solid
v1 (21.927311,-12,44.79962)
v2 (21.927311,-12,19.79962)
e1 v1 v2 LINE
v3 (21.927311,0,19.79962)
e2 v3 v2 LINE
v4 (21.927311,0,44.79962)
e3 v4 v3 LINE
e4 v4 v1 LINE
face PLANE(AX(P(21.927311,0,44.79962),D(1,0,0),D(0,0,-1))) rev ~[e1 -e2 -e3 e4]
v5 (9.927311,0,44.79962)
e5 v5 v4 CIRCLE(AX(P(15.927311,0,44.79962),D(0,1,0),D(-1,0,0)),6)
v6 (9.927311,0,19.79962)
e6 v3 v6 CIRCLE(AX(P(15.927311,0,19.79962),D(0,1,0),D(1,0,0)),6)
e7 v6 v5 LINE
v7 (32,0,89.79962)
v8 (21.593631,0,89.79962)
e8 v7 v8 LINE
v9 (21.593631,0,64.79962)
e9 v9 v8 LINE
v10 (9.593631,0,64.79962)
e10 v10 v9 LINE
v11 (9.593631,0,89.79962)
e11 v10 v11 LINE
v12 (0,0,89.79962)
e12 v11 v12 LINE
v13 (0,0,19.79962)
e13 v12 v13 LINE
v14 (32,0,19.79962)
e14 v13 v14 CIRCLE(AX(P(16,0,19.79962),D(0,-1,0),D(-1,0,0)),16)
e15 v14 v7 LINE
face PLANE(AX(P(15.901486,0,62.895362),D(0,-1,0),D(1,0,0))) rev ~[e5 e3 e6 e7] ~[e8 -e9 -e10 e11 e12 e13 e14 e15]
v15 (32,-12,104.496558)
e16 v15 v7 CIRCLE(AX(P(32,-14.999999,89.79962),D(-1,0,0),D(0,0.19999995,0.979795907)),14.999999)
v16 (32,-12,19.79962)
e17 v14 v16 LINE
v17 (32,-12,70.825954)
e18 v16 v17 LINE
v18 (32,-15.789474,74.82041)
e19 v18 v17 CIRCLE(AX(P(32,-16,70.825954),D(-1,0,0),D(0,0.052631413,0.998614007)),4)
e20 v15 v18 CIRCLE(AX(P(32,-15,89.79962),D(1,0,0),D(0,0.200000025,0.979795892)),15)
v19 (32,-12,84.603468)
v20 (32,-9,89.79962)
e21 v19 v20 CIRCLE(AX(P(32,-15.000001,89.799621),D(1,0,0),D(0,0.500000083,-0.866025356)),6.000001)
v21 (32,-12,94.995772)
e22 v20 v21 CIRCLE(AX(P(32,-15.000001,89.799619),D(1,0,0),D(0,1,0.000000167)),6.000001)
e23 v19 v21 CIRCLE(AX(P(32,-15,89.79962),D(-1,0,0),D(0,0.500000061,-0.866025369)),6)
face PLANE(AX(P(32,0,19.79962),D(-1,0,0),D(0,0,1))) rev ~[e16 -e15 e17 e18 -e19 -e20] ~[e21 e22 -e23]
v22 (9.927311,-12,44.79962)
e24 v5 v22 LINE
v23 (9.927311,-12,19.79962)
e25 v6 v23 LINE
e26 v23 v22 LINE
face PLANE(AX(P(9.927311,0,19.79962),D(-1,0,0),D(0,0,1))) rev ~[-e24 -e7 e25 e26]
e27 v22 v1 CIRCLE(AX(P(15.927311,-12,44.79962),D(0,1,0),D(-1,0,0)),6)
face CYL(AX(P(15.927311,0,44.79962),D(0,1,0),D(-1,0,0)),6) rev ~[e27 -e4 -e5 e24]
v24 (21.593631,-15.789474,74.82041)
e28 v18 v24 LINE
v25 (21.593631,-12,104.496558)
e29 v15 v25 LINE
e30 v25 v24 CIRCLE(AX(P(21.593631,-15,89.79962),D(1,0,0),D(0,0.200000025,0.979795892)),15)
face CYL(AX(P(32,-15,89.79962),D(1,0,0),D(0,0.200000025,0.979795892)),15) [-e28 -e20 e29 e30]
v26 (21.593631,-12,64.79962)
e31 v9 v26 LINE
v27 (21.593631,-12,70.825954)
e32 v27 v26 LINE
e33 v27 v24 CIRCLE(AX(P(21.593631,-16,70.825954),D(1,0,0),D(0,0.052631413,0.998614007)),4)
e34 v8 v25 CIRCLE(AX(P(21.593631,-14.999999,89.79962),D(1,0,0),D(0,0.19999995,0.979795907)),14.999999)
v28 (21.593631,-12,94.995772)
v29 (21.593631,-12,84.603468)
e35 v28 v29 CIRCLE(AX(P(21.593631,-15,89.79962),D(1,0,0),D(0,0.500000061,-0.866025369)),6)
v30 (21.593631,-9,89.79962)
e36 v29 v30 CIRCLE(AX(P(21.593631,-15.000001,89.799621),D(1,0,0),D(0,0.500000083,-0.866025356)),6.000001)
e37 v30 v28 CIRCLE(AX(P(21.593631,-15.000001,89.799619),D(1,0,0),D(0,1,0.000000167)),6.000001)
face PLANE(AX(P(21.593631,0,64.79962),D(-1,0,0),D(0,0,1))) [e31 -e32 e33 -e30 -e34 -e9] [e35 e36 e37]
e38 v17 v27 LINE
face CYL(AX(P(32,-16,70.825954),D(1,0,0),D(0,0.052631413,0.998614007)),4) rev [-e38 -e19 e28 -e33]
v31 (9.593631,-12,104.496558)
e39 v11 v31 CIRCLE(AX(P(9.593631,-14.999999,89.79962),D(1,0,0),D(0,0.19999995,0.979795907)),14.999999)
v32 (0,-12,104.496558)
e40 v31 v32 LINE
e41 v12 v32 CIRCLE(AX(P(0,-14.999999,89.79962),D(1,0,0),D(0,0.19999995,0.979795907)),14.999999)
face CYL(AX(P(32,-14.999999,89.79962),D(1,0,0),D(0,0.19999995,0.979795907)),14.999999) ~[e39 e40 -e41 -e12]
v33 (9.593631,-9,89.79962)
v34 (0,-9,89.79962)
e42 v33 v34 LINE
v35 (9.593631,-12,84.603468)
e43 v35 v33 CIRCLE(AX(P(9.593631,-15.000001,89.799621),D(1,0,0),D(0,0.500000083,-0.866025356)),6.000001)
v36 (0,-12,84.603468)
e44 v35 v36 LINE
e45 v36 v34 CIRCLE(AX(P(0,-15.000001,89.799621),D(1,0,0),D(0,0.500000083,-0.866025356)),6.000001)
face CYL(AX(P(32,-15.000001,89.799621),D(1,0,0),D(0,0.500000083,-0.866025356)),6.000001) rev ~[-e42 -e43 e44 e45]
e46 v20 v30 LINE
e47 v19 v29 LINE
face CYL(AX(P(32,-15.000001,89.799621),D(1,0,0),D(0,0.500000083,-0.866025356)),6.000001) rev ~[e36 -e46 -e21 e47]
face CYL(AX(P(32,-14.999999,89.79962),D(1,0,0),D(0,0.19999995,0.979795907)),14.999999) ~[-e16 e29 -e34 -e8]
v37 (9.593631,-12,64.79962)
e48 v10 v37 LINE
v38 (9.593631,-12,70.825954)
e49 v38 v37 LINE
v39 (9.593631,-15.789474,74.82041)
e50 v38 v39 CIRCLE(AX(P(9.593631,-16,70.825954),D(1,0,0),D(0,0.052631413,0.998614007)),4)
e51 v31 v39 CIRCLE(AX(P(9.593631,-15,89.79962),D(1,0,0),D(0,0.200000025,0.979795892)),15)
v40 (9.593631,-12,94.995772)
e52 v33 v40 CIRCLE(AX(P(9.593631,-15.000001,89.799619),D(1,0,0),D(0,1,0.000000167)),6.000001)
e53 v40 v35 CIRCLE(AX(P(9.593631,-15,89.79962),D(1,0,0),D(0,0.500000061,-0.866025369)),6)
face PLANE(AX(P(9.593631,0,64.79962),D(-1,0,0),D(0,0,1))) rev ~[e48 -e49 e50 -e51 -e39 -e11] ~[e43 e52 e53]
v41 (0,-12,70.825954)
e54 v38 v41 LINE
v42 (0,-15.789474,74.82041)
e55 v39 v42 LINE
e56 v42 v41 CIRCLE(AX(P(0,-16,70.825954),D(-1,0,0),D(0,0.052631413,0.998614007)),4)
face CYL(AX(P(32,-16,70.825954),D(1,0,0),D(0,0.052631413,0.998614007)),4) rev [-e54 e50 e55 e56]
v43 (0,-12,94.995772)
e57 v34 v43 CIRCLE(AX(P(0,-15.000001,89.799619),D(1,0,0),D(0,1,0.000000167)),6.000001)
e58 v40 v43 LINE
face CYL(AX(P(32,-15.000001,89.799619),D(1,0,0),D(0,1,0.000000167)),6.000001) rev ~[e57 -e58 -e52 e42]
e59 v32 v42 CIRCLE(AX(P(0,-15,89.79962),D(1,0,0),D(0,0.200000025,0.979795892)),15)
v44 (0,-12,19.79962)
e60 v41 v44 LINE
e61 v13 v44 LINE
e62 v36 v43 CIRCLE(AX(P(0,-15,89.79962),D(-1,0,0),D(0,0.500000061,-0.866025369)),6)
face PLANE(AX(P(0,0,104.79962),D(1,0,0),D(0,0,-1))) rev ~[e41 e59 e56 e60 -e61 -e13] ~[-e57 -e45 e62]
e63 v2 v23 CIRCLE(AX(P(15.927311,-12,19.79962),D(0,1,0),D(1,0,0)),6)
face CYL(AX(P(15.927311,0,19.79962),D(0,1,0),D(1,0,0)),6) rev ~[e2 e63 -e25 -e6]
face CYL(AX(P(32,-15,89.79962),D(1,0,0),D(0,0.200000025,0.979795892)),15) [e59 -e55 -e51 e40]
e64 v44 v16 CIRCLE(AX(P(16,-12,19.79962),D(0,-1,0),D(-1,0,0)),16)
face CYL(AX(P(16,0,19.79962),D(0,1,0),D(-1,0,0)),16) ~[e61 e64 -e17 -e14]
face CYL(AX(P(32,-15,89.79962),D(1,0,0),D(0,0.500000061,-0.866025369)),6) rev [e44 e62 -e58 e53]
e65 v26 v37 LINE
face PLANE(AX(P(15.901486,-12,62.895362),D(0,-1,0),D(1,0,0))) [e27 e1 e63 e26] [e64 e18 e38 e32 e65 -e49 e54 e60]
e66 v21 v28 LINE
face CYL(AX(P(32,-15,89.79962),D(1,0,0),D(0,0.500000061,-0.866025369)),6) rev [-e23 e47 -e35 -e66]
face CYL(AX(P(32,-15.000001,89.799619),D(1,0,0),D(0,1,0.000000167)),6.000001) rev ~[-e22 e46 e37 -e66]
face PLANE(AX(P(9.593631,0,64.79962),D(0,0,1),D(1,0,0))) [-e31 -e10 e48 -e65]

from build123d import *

# Parameters (mm, degrees)
F0_W     = 12
F0_H     = 40
F1_DEPTH = 12
F3_DEPTH = 32
F4_DEPTH = 32.001
F5_DEPTH = 32.001
F6_DEPTH = 30.001


with BuildPart() as f1:
    # F0 (on Front) → F1 (new body)
    with BuildSketch(Plane.XZ):
        with BuildLine():
            Line((0, 104.79962), (0, 19.79962))
            ThreePointArc((0, 19.79962), (16, 3.79962), (32, 19.79962))
            Line((32, 19.79962), (32, 104.79962))
            Line((32, 104.79962), (21.593631, 104.79962))
            Line((21.593631, 104.79962), (21.593631, 64.79962))
            Line((21.593631, 64.79962), (9.593631, 64.79962))
            Line((9.593631, 64.79962), (9.593631, 104.79962))
            Line((9.593631, 104.79962), (0, 104.79962))
        make_face()
        with BuildLine():
            Line((9.927311, 19.79962), (9.927311, 44.79962))
            ThreePointArc((9.927311, 44.79962), (15.927311, 50.79962), (21.927311, 44.79962))
            Line((21.927311, 44.79962), (21.927311, 19.79962))
            ThreePointArc((21.927311, 19.79962), (15.927311, 13.79962), (9.927311, 19.79962))
        make_face(mode=Mode.SUBTRACT)
        with Locations((15.593631, 84.79962)):
            Rectangle(F0_W, F0_H)
    extrude(amount=F1_DEPTH)

    # F2 (on face) → F3 (join)
    with BuildSketch(Plane.YZ.offset(32)):
        with BuildLine():
            Line((-12, 94.995772), (-12, 104.496558))
            ThreePointArc((-12, 104.496558), (-29.879182, 91.699606), (-15.789474, 74.82041))
            ThreePointArc((-15.789474, 74.82041), (-13.098095, 73.578943), (-12, 70.825954))
            Line((-12, 70.825954), (-12, 75.102681))
            Line((-12, 75.102681), (-12, 84.603468))
            ThreePointArc((-12, 84.603468), (-21, 89.79962), (-12, 94.995772))
        make_face()
    extrude(amount=-F3_DEPTH)

    # F2 (on face) → F4 (cut, through all)
    with BuildSketch(Plane.YZ.offset(32)):
        with BuildLine():
            ThreePointArc((-9, 89.79962), (-9.803848, 92.79962), (-12, 94.995772))
            Line((-12, 94.995772), (-12, 84.603468))
            ThreePointArc((-12, 84.603468), (-9.803848, 86.79962), (-9, 89.79962))
        make_face()
    extrude(amount=-F4_DEPTH, mode=Mode.SUBTRACT)

    # F2 (on face) → F5 (cut, through all)
    with BuildSketch(Plane.YZ.offset(32)):
        with BuildLine():
            ThreePointArc((-12, 104.496558), (-3.38105, 99.286453), (0, 89.79962))
            Line((0, 89.79962), (0, 104.79962))
            Line((0, 104.79962), (-12, 104.79962))
            Line((-12, 104.79962), (-12, 104.496558))
        make_face()
    extrude(amount=-F5_DEPTH, mode=Mode.SUBTRACT)

    # F0 (on Front) → F6 (cut, through all)
    with BuildSketch(Plane.XZ):
        with Locations((15.593631, 84.79962)):
            Rectangle(F0_W, F0_H)
    extrude(amount=F6_DEPTH, mode=Mode.SUBTRACT)


solid = f1.part
